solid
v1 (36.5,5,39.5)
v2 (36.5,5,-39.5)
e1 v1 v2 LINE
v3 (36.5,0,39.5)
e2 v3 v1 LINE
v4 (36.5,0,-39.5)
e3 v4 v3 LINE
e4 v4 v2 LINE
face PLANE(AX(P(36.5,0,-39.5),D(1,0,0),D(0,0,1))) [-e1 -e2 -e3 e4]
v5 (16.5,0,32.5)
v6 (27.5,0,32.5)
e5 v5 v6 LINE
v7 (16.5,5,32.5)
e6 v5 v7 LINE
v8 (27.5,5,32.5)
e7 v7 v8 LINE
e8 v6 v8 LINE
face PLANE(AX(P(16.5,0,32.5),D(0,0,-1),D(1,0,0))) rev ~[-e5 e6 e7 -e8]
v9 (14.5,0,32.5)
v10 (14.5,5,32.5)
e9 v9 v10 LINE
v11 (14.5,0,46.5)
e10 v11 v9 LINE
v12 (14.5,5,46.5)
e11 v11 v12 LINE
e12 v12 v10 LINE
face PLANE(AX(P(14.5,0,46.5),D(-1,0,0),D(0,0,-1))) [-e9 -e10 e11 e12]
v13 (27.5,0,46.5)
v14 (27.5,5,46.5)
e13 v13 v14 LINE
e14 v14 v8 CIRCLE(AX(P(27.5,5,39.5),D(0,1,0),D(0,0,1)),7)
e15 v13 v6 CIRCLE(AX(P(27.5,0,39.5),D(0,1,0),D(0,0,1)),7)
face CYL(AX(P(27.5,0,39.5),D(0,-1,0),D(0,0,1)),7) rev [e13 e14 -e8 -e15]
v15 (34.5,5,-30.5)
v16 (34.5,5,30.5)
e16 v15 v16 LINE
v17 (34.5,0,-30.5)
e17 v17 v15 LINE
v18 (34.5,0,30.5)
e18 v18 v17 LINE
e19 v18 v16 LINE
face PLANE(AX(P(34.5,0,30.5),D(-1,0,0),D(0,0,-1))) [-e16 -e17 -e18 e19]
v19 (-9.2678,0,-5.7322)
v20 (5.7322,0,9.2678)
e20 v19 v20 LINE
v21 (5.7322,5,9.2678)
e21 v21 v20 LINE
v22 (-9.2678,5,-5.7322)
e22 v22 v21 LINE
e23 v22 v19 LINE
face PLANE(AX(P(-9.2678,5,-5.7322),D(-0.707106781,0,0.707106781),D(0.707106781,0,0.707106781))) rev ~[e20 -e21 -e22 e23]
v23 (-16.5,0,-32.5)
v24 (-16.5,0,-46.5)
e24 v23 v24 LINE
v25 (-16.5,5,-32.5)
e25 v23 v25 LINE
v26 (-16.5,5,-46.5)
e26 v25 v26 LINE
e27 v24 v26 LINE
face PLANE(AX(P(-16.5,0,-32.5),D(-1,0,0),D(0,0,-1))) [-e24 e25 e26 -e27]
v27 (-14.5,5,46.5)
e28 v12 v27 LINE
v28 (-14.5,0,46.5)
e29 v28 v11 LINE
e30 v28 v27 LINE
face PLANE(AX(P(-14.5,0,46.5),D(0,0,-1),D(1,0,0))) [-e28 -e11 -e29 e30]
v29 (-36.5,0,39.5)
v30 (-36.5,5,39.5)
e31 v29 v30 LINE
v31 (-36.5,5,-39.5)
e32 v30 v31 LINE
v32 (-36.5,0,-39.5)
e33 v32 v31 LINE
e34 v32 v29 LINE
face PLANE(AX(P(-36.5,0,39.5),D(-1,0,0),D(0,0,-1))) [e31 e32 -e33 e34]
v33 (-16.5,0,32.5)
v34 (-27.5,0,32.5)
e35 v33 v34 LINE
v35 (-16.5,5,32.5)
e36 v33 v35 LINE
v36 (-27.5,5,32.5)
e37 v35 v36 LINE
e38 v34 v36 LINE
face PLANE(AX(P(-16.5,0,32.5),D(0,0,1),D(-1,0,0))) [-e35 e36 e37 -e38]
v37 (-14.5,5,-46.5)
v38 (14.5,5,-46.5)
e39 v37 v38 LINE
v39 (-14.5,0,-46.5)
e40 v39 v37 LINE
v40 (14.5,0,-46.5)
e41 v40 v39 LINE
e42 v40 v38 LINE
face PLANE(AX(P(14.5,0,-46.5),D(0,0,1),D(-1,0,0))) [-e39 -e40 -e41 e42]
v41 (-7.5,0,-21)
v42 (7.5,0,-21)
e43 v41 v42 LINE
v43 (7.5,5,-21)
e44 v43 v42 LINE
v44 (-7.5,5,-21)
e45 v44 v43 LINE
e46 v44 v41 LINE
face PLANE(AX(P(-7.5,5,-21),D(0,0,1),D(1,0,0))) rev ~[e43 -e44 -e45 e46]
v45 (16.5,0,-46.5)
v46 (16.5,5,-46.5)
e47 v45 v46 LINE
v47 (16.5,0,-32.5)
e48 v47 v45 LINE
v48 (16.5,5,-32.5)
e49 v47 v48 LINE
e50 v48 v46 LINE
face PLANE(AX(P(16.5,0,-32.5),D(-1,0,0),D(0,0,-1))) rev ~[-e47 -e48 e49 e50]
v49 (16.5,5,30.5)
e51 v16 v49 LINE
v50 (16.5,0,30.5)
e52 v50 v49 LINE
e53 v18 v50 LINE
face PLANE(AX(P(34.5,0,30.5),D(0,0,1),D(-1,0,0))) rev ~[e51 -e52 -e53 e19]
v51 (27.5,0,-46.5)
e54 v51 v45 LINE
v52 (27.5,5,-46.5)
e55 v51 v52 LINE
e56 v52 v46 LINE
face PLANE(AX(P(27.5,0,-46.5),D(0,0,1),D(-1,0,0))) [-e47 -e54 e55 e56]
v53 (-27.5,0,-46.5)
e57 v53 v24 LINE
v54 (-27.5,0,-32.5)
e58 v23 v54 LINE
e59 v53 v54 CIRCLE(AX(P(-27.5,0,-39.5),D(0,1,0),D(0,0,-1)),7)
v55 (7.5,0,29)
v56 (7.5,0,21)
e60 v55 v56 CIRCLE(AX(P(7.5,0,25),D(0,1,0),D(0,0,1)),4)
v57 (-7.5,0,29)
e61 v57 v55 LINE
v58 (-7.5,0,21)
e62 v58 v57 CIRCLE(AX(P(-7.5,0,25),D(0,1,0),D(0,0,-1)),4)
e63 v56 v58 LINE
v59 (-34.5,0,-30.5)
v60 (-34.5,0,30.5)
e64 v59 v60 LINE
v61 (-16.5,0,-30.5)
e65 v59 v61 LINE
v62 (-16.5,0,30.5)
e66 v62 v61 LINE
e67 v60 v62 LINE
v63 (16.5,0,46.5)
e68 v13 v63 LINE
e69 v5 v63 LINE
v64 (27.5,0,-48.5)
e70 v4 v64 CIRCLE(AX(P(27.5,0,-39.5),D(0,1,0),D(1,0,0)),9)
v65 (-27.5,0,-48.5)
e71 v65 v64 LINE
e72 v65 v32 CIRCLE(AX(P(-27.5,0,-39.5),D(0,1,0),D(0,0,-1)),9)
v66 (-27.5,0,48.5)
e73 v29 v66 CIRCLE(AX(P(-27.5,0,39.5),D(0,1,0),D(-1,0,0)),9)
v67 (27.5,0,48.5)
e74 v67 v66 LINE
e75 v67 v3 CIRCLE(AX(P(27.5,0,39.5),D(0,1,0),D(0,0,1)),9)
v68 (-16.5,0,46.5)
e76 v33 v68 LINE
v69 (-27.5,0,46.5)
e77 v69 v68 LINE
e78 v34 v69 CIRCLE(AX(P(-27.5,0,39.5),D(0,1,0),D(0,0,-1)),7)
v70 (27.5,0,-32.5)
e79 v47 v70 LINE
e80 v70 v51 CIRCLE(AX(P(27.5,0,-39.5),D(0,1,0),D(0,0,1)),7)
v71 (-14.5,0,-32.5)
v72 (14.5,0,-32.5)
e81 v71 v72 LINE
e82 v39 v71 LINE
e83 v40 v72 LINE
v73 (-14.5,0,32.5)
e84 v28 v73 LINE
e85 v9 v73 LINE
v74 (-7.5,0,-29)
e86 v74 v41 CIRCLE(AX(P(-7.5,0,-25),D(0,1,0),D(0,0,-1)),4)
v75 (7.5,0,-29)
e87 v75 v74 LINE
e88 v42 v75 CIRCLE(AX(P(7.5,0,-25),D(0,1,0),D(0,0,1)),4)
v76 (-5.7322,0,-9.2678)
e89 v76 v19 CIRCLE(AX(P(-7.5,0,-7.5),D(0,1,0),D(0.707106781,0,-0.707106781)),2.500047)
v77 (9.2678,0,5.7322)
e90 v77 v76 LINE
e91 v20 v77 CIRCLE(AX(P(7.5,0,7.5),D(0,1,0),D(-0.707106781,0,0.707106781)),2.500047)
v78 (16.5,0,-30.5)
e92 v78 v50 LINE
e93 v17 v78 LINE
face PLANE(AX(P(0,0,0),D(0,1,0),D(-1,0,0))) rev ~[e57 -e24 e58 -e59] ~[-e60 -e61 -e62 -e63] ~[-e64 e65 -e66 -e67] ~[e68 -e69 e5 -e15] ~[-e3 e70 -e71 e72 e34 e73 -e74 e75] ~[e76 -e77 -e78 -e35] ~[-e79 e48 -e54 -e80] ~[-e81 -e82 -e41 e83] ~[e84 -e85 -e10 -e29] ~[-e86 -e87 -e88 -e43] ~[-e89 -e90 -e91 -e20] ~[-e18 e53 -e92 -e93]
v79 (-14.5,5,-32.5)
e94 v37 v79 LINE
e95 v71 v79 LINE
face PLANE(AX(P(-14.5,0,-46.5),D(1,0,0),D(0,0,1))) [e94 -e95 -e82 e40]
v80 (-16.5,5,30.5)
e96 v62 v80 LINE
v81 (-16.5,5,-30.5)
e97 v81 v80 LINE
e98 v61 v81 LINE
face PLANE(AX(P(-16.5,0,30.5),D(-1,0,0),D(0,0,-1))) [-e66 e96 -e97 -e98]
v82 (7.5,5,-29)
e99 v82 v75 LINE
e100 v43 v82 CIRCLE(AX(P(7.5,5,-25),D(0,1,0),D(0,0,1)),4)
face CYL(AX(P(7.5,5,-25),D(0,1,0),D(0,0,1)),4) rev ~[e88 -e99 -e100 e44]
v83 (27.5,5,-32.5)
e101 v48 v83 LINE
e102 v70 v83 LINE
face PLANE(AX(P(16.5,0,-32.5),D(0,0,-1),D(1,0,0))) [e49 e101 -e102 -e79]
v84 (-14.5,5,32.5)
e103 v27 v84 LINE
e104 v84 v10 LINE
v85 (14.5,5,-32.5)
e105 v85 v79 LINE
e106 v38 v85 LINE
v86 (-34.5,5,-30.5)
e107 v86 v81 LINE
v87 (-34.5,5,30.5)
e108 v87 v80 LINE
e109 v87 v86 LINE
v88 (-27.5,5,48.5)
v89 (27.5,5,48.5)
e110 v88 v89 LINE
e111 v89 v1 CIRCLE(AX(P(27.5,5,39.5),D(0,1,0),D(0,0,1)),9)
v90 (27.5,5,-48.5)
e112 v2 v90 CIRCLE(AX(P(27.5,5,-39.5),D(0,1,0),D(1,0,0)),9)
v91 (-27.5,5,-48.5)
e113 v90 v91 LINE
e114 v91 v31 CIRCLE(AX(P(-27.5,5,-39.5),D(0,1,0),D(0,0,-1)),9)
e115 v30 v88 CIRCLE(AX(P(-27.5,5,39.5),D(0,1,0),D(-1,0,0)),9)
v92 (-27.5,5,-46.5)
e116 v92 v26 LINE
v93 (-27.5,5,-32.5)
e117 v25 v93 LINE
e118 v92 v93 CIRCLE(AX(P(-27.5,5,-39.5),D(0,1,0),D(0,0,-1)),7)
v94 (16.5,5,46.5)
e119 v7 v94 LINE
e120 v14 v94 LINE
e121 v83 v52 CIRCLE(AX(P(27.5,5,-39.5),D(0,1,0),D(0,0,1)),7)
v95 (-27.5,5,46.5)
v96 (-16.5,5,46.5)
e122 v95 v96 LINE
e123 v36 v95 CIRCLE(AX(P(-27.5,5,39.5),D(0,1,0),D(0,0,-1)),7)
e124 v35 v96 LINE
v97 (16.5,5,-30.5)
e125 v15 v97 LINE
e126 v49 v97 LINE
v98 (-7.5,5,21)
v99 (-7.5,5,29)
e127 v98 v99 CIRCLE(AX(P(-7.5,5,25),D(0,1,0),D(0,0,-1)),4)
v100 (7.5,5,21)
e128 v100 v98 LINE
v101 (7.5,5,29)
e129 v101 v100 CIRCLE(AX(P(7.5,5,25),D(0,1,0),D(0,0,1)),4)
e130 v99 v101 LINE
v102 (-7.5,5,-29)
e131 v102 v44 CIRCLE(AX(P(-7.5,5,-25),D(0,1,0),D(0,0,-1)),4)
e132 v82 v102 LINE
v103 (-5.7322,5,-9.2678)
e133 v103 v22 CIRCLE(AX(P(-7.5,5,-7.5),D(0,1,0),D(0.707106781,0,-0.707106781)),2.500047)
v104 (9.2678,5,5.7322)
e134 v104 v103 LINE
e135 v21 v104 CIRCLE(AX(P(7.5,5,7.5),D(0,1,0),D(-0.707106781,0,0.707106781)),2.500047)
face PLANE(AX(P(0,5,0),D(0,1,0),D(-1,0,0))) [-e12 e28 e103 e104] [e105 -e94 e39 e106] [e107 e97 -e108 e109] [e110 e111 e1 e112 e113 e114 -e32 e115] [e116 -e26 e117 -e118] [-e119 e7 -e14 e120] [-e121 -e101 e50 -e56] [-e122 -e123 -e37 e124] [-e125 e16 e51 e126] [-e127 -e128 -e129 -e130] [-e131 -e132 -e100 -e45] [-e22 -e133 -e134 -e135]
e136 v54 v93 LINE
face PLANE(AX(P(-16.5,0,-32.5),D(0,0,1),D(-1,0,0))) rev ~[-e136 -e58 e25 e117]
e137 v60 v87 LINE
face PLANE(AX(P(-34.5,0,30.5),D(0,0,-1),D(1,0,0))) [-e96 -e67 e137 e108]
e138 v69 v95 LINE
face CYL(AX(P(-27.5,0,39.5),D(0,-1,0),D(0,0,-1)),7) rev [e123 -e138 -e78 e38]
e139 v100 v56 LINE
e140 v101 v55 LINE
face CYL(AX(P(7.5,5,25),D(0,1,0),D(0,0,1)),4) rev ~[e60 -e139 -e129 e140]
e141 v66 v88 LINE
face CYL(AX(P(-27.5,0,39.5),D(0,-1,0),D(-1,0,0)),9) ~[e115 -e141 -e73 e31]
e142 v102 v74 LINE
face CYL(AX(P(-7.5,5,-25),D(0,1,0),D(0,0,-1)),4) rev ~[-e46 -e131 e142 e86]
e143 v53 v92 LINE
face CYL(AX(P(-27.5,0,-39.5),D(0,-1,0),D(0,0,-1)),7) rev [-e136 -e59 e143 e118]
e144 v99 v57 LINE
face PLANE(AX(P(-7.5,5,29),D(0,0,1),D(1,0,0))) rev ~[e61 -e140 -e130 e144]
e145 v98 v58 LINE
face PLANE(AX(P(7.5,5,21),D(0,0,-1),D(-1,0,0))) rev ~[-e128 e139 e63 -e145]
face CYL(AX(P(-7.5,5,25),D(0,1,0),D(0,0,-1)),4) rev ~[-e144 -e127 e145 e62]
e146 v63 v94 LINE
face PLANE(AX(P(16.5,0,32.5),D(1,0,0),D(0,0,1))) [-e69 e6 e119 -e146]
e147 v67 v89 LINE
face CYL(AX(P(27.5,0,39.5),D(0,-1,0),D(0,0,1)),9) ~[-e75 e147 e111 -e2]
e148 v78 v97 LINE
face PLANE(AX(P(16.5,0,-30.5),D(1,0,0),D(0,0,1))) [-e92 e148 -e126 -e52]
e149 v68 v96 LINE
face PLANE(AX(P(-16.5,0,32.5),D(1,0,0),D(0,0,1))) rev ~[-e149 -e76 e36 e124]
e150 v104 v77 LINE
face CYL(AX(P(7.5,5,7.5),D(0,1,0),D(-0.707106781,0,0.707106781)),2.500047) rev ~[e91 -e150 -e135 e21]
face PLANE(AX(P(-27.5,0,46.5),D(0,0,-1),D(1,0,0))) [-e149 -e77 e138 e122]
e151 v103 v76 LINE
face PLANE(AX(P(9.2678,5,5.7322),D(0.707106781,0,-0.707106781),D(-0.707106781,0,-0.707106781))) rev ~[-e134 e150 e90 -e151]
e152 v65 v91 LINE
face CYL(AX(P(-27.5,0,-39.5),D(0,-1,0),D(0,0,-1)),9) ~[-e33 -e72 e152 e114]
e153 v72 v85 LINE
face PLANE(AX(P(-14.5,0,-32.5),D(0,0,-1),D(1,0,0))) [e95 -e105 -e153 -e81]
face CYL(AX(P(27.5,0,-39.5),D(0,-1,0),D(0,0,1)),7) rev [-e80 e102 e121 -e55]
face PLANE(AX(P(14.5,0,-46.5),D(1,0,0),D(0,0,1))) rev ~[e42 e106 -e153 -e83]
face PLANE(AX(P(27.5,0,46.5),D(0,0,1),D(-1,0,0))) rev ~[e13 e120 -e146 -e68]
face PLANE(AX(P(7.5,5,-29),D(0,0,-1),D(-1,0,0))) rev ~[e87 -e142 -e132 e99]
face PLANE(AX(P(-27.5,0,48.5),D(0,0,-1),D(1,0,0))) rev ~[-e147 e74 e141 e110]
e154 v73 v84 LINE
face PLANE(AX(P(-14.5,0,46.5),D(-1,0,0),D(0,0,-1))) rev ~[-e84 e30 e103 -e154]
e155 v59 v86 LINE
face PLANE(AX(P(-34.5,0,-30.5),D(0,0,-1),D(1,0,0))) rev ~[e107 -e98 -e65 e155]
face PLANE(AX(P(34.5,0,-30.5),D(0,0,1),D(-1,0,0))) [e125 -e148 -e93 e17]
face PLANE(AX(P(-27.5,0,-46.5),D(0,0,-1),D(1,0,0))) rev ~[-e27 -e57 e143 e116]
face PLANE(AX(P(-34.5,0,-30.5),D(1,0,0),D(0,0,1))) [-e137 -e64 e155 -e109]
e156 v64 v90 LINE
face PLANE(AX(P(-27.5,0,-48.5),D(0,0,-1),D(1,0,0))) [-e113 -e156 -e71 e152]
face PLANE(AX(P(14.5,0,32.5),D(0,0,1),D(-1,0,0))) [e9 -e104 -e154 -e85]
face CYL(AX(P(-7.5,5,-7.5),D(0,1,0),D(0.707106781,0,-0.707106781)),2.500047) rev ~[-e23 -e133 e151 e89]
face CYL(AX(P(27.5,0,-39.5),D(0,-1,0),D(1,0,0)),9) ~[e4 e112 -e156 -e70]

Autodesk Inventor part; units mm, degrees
ref_plane "YZ Plane" through (0, 0, 0) normal (1, 0, 0) x (0, 1, 0)
ref_plane "XZ Plane" through (0, 0, 0) normal (0, 1, 0) x (-1, 0, 0)
ref_plane "XY Plane" through (0, 0, 0) normal (0, 0, 1) x (1, 0, 0)
sketch "Sketch1" plane through (0, 0, 0) normal (0, 1, 0) x (-1, 0, 0)
  line L0 (36.5, 39.5) -> (36.5, 0)
  arc A0 (36.5, 39.5) -> (27.5, 48.5) centre (27.5, 39.5) ccw
  line L1 (27.5, 48.5) -> (0, 48.5)
  line L2 (0, 48.5) -> (0, 0) construction
  arc A1 (27.5, 32.5) -> (27.5, 46.5) centre (27.5, 39.5) ccw
  line L3 (27.5, 46.5) -> (16.5, 46.5)
  line L4 (16.5, 32.5) -> (27.5, 32.5)
  line L5 (16.5, 32.5) -> (16.5, 46.5)
  line L6 (16.5, 30.5) -> (16.5, 0)
  line L7 (14.5, 32.5) -> (0, 32.5)
  line L8 (14.5, 46.5) -> (0, 46.5)
  line L9 (14.5, 46.5) -> (14.5, 32.5)
  line L10 (14.5, 30.5) -> (14.5, 0)
  line L11 (34.5, 30.5) -> (16.5, 30.5)
  line L12 (14.5, 30.5) -> (0, 30.5)
  line L13 (34.5, 30.5) -> (34.5, -1)
  line L14 (36.5, 0) -> (0, 0) construction
  line L15 (-36.5, 39.5) -> (-36.5, 0)
  line L16 (-27.5, 48.5) -> (0, 48.5)
  arc A2 (-27.5, 48.5) -> (-36.5, 39.5) centre (-27.5, 39.5) ccw
  arc A3 (-27.5, 46.5) -> (-27.5, 32.5) centre (-27.5, 39.5) ccw
  line L17 (-27.5, 46.5) -> (-16.5, 46.5)
  line L18 (-16.5, 32.5) -> (-27.5, 32.5)
  line L19 (-16.5, 32.5) -> (-16.5, 46.5)
  line L20 (-16.5, 30.5) -> (-16.5, 0)
  line L21 (-14.5, 32.5) -> (0, 32.5)
  line L22 (-14.5, 46.5) -> (0, 46.5)
  line L23 (-14.5, 46.5) -> (-14.5, 32.5)
  line L24 (-14.5, 30.5) -> (-14.5, 0)
  line L25 (-34.5, 30.5) -> (-16.5, 30.5)
  line L26 (-14.5, 30.5) -> (0, 30.5)
  line L27 (-34.5, 30.5) -> (-34.5, -1)
  line L28 (36.5, -39.5) -> (36.5, 0)
  line L29 (27.5, -48.5) -> (0, -48.5)
  arc A4 (27.5, -48.5) -> (36.5, -39.5) centre (27.5, -39.5) ccw
  line L30 (0, -48.5) -> (0, 0) construction
  arc A5 (27.5, -46.5) -> (27.5, -32.5) centre (27.5, -39.5) ccw
  line L31 (27.5, -46.5) -> (16.5, -46.5)
  line L32 (16.5, -32.5) -> (27.5, -32.5)
  line L33 (16.5, -32.5) -> (16.5, -46.5)
  line L34 (16.5, -30.5) -> (16.5, 0)
  line L35 (14.5, -32.5) -> (0, -32.5)
  line L36 (14.5, -46.5) -> (0, -46.5)
  line L37 (14.5, -46.5) -> (14.5, -32.5)
  line L38 (14.5, -30.5) -> (14.5, 0)
  line L39 (34.5, -30.5) -> (16.5, -30.5)
  line L40 (14.5, -30.5) -> (0, -30.5)
  line L41 (34.5, -30.5) -> (34.5, -1)
  line L42 (-36.5, -39.5) -> (-36.5, 0)
  line L43 (-16.5, -30.5) -> (-16.5, 0)
  line L44 (-14.5, -30.5) -> (-14.5, 0)
  line L45 (-34.5, -30.5) -> (-34.5, -1)
  line L46 (-34.5, -30.5) -> (-16.5, -30.5)
  line L47 (-16.5, -32.5) -> (-27.5, -32.5)
  arc A6 (-27.5, -32.5) -> (-27.5, -46.5) centre (-27.5, -39.5) ccw
  arc A7 (-36.5, -39.5) -> (-27.5, -48.5) centre (-27.5, -39.5) ccw
  line L48 (-14.5, -30.5) -> (0, -30.5)
  line L49 (-14.5, -32.5) -> (0, -32.5)
  line L50 (-16.5, -32.5) -> (-16.5, -46.5)
  line L51 (-14.5, -46.5) -> (-14.5, -32.5)
  line L52 (-27.5, -48.5) -> (0, -48.5)
  line L53 (-27.5, -46.5) -> (-16.5, -46.5)
  line L54 (-14.5, -46.5) -> (0, -46.5)
  point P0 (34.5, 39.5)
  point P1 (-34.5, 39.5)
  point P2 (34.5, -39.5)
  point P3 (-34.5, -39.5)
  dimension "d42" = 14
  dimension "d43" = 11
  dimension "d45" = 2
  dimension "d46" = 2
  dimension "d47" = 48.5
  dimension "d48" = 27.5
  dimension "d49" = 2
  dimension "d50" = 2
  dimension "d51" = 2
  dimension "d53" = 31.5
extrude "Extrusion1" add sketch "Sketch1" along normal blind 5
sketch "Sketch8" plane through (0, 5, 0) normal (0, 1, 0) x (1, 0, 0)
  line L0 (-27.5, -48.5) -> (27.5, -48.5) projected
  arc A0 (27.5, -48.5) -> (36.5, -39.5) centre (27.5, -39.5) ccw projected
  line L1 (36.5, -39.5) -> (36.5, 39.5) projected
  arc A1 (36.5, 39.5) -> (27.5, 48.5) centre (27.5, 39.5) ccw projected
  line L2 (27.5, 48.5) -> (-27.5, 48.5) projected
  arc A2 (-27.5, 48.5) -> (-36.5, 39.5) centre (-27.5, 39.5) ccw projected
  line L3 (-36.5, 39.5) -> (-36.5, -39.5) projected
  arc A3 (-36.5, -39.5) -> (-27.5, -48.5) centre (-27.5, -39.5) ccw projected
  line L4 (16.5, 32.5) -> (16.5, 46.5) projected
  line L5 (16.5, 46.5) -> (27.5, 46.5) projected
  arc A4 (27.5, 32.5) -> (27.5, 46.5) centre (27.5, 39.5) ccw projected
  line L6 (27.5, 32.5) -> (16.5, 32.5) projected
  line L7 (14.5, 46.5) -> (14.5, 32.5) projected
  line L8 (14.5, 32.5) -> (-14.5, 32.5) projected
  line L9 (-14.5, 32.5) -> (-14.5, 46.5) projected
  line L10 (-14.5, 46.5) -> (14.5, 46.5) projected
  line L11 (-27.5, 46.5) -> (-16.5, 46.5) projected
  line L12 (-16.5, 46.5) -> (-16.5, 32.5) projected
  line L13 (-16.5, 32.5) -> (-27.5, 32.5) projected
  arc A5 (-27.5, 46.5) -> (-27.5, 32.5) centre (-27.5, 39.5) ccw projected
  line L14 (27.5, -46.5) -> (16.5, -46.5) projected
  line L15 (16.5, -46.5) -> (16.5, -32.5) projected
  line L16 (16.5, -32.5) -> (27.5, -32.5) projected
  arc A6 (27.5, -46.5) -> (27.5, -32.5) centre (27.5, -39.5) ccw projected
  line L17 (34.5, -30.5) -> (16.5, -30.5) projected
  line L18 (16.5, -30.5) -> (16.5, 30.5) projected
  line L19 (16.5, 30.5) -> (34.5, 30.5) projected
  line L20 (34.5, 30.5) -> (34.5, -30.5) projected
  line L21 (14.5, -30.5) -> (-14.5, -30.5) projected
  line L22 (-14.5, -30.5) -> (-14.5, 30.5) projected
  line L23 (-14.5, 30.5) -> (14.5, 30.5) projected
  line L24 (14.5, 30.5) -> (14.5, -30.5) projected
  line L25 (-14.5, -46.5) -> (-14.5, -32.5) projected
  line L26 (-14.5, -32.5) -> (14.5, -32.5) projected
  line L27 (14.5, -32.5) -> (14.5, -46.5) projected
  line L28 (14.5, -46.5) -> (-14.5, -46.5) projected
  line L29 (-34.5, -30.5) -> (-34.5, 30.5) projected
  line L30 (-34.5, 30.5) -> (-16.5, 30.5) projected
  line L31 (-16.5, 30.5) -> (-16.5, -30.5) projected
  line L32 (-16.5, -30.5) -> (-34.5, -30.5) projected
  line L33 (-16.5, -32.5) -> (-16.5, -46.5) projected
  line L34 (-16.5, -46.5) -> (-27.5, -46.5) projected
  arc A7 (-27.5, -32.5) -> (-27.5, -46.5) centre (-27.5, -39.5) ccw projected
  line L35 (-27.5, -32.5) -> (-16.5, -32.5) projected
  point P0 (0, 0)
extrude "Extrusion7" add sketch "Sketch8" against normal up to surface (5 mm away) contours L21 L22 L23 L24
sketch "Sketch9" plane through (0, 5, 0) normal (0, 1, 0) x (1, 0, 0)
  line L0 (-7.5, 25) -> (7.5, 25) construction
  line L1 (-7.5, 21) -> (7.5, 21)
  line L2 (7.5, 29) -> (-7.5, 29)
  arc A0 (-7.5, 29) -> (-7.5, 21) centre (-7.5, 25) ccw
  arc A1 (7.5, 21) -> (7.5, 29) centre (7.5, 25) ccw
  line L3 (-7.5, -25) -> (7.5, -25) construction
  line L4 (-7.5, -29) -> (7.5, -29)
  line L5 (7.5, -21) -> (-7.5, -21)
  arc A2 (-7.5, -21) -> (-7.5, -29) centre (-7.5, -25) ccw
  arc A3 (7.5, -29) -> (7.5, -21) centre (7.5, -25) ccw
  line L6 (-7.5, 7.5) -> (7.5, -7.5) construction
  line L7 (-9.2678, 5.7322) -> (5.7322, -9.2678)
  line L8 (9.2678, -5.7322) -> (-5.7322, 9.2678)
  arc A4 (-5.7322, 9.2678) -> (-9.2678, 5.7322) centre (-7.5, 7.5) ccw
  arc A5 (5.7322, -9.2678) -> (9.2678, -5.7322) centre (7.5, -7.5) ccw
  point P0 (0, 0)
  point P1 (0, 25)
  point P2 (0, -25)
  point P3 (0, 0)
  dimension "d67" = 8
  dimension "d68" = 8
  dimension "d69" = 5
  dimension "d70" = 15
  dimension "d71" = 15
  dimension "d72" = 15
  dimension "d73" = 15
  dimension "d74" = 25
  dimension "d75" = 25
extrude "Extrusion8" cut sketch "Sketch9" against normal through all
equation "\"d50\" = d49"
equation "\"d51\" = d46"
equation "\"d73\" = d72"
equation "\"d75\" = d74"
equation "\"d21\" = d20"
equation "\"d33\" = d32"
equation "\"d20\" = 2"
equation "\"d32\" = 2"
properties part number "Stand Brace"
